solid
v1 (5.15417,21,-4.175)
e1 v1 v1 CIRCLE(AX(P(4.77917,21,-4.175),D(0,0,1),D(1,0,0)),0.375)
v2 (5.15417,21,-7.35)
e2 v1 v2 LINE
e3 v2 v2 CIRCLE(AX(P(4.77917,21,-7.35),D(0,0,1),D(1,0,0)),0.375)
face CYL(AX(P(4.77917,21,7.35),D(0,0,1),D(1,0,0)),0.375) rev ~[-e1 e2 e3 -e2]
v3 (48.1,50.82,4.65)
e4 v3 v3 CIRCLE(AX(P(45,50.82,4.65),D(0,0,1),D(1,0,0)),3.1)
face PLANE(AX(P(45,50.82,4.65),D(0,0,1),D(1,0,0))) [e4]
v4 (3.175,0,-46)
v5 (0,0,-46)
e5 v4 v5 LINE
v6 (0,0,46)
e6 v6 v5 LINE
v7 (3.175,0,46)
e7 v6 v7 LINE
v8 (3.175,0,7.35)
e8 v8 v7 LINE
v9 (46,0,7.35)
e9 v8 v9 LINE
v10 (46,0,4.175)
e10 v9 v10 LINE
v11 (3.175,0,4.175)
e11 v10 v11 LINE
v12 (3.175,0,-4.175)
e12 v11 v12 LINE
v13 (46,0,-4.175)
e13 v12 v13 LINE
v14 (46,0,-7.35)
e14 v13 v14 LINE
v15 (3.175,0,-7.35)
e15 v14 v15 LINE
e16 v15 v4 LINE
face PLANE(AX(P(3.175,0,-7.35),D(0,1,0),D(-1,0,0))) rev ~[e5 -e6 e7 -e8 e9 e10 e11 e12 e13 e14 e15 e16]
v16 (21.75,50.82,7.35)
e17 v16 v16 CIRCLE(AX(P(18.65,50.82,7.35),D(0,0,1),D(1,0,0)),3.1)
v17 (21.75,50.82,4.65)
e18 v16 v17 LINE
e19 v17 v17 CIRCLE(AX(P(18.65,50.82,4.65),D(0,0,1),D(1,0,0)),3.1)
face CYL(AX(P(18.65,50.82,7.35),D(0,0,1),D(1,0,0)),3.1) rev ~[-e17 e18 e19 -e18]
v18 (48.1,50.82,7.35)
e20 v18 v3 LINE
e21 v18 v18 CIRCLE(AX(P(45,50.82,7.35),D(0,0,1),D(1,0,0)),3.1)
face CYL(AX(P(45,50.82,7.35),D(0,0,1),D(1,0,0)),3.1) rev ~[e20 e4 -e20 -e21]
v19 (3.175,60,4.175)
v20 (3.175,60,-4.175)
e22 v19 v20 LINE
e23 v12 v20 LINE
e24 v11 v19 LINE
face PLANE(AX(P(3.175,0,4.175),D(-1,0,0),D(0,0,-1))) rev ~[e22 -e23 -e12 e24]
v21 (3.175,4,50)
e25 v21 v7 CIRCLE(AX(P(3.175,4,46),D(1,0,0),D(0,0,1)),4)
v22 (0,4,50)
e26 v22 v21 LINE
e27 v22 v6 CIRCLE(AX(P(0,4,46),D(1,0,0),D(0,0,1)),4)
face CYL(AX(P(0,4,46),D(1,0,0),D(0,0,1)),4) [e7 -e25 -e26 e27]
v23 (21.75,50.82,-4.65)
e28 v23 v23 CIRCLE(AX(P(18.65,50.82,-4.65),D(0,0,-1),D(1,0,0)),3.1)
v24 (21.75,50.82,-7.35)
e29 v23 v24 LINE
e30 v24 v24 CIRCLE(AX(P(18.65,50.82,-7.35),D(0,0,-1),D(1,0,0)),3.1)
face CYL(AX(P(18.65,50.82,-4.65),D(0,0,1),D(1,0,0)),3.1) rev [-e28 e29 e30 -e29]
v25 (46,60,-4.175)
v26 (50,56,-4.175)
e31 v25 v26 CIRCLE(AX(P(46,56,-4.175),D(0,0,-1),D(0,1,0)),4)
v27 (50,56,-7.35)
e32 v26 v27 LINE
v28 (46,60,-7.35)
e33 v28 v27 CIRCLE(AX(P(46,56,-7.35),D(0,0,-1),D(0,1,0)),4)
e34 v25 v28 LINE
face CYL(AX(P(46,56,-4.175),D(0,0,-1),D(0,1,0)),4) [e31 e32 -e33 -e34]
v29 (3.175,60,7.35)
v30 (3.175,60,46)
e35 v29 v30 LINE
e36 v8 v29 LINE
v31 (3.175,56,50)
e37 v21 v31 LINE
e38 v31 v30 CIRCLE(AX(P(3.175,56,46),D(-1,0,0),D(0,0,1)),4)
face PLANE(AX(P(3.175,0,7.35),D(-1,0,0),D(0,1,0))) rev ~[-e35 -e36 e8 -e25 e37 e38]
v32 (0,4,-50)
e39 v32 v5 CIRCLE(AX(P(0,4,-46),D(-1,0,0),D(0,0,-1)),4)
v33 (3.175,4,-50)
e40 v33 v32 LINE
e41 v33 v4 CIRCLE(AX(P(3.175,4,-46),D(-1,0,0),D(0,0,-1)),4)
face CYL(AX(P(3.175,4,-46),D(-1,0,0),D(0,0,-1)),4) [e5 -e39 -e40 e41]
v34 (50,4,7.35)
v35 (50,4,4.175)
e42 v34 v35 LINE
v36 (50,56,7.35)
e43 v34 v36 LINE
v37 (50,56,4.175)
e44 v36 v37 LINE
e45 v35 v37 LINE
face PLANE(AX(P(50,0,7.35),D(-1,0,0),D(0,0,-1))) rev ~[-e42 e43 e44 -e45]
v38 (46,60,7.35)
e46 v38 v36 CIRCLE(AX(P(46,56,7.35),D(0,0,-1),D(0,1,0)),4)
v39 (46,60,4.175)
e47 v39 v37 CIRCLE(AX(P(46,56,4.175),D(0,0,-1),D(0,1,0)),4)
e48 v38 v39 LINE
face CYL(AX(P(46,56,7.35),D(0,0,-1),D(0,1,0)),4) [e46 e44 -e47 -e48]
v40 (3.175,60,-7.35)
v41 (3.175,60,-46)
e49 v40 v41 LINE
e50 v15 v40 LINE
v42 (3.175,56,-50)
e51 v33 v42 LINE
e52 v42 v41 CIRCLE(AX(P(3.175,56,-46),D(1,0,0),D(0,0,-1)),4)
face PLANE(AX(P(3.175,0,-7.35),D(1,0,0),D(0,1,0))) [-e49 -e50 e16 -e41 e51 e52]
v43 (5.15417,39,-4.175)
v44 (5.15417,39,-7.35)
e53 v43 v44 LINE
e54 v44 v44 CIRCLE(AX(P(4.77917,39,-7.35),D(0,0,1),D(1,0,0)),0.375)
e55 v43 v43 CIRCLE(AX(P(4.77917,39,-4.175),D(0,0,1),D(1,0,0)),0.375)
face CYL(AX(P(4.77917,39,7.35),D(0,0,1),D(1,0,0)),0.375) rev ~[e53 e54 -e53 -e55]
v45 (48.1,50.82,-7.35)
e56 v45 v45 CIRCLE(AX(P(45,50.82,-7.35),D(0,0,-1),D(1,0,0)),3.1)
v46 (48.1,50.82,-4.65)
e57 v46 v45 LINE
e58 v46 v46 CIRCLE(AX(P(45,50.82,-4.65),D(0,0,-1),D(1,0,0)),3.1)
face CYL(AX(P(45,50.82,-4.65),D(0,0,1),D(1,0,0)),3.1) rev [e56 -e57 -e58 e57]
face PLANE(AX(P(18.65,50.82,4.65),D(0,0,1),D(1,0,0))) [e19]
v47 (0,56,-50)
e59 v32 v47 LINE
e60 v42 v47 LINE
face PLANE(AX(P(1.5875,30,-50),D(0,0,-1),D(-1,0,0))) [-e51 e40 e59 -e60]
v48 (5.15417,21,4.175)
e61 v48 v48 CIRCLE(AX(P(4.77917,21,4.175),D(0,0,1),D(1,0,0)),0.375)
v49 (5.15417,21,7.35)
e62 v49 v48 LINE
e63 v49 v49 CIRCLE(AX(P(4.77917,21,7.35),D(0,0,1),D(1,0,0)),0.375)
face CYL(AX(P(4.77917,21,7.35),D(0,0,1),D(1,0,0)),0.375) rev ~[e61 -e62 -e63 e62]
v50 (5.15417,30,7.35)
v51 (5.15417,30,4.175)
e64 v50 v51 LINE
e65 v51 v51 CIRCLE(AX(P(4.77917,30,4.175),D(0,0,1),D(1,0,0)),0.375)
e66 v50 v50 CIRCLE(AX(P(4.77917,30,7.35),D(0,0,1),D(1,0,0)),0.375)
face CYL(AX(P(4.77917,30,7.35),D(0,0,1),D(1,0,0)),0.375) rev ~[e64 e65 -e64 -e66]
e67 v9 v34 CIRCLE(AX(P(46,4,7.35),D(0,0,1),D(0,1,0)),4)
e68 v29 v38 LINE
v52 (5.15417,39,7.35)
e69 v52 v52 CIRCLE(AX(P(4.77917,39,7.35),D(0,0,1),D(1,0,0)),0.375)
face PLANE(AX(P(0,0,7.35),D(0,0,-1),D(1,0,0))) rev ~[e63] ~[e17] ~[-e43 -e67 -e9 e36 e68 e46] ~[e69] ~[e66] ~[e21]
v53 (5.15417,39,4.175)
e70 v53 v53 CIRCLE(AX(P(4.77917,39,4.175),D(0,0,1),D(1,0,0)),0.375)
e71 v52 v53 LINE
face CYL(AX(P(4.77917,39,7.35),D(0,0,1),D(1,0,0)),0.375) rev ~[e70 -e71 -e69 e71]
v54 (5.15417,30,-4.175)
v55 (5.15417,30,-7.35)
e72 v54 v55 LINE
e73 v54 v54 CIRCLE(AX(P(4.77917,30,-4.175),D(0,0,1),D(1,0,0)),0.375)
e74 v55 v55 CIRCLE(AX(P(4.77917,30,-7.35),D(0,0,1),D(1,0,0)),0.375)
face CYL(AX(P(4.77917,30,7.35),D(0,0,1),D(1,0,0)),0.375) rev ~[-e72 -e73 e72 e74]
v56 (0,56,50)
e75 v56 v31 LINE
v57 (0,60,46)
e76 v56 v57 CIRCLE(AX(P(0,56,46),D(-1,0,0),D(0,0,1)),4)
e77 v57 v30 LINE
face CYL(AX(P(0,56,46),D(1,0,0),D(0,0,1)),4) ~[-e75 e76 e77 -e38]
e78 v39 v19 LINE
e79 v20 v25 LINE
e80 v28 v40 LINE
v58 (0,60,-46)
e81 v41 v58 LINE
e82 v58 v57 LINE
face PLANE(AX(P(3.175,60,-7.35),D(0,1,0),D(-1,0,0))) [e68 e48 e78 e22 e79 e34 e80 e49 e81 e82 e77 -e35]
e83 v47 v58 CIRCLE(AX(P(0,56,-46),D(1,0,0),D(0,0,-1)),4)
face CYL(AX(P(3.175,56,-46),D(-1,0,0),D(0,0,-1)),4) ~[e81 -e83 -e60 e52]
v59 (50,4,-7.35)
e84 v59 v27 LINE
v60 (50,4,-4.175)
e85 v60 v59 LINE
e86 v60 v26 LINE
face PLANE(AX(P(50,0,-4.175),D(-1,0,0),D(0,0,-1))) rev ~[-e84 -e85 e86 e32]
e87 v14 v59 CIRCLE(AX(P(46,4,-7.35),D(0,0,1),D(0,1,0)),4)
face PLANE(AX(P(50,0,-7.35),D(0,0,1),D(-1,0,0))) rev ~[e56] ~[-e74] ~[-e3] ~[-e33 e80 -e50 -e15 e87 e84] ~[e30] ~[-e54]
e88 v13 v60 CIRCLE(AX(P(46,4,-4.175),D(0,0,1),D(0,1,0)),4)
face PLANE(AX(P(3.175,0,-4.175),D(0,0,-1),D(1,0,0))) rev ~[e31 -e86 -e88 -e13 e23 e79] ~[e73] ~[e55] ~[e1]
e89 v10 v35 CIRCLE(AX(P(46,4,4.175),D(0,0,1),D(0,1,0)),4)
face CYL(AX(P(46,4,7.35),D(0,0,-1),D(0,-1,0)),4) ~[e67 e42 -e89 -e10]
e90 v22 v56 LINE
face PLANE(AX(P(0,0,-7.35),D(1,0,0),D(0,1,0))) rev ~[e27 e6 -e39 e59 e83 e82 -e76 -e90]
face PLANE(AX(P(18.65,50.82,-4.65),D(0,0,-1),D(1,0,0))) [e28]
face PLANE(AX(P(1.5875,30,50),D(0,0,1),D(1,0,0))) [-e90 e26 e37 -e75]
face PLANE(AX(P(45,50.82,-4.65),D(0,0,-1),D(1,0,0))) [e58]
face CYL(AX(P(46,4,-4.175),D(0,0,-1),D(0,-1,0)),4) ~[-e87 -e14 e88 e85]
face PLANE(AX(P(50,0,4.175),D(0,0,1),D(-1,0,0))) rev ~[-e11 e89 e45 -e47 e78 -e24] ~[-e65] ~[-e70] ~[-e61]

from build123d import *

# Parameters (mm, degrees)
BOSS_EXTRUDE1_DEPTH = 60
SKETCH3_R           = 3.1
CUT_EXTRUDE1_DEPTH  = 2.7
CUT_EXTRUDE2_START  = -2.7
SKETCH4_R           = 3.1
CUT_EXTRUDE2_DEPTH  = 2.7
FILLET1_R           = 4
CUT_EXTRUDE3_REACH  = 81.474
SKETCH5_R           = 0.375
SKETCH6_W           = 3.175
SKETCH6_H           = 60
BOSS_EXTRUDE2_DEPTH = 42.65
SKETCH7_W           = 3.175
SKETCH7_H           = 60
BOSS_EXTRUDE3_DEPTH = 42.65
FILLET2_R           = 4


with BuildPart() as part:
    # Sketch1 → Boss-Extrude1 (new body)
    with BuildSketch(Plane(origin=(0, 0, 0), x_dir=(1, 0, 0), z_dir=(0, 1, 0))):
        Polygon((0, 7.35), (0, -7.35), (50, -7.35), (50, -4.175), (3.175, -4.175), (3.175, 4.175), (50, 4.175), (50, 7.35), align=None)
    extrude(amount=BOSS_EXTRUDE1_DEPTH)

    # Sketch3 → Cut-Extrude1 (cut)
    with BuildSketch(Plane.XY.offset(7.35)):
        with Locations((45, 50.82)):
            Circle(SKETCH3_R)
        with Locations((18.65, 50.82)):
            Circle(SKETCH3_R)
    extrude(amount=-CUT_EXTRUDE1_DEPTH, mode=Mode.SUBTRACT)

    # Sketch4 → Cut-Extrude2 (cut)
    with BuildSketch(Plane(origin=(0, 0, -7.35), x_dir=(-1, 0, 0), z_dir=(0, 0, -1)).offset(CUT_EXTRUDE2_START)):
        with Locations(Location((-45, 50.82, 0), (0, 0, 180))):
            Circle(SKETCH4_R)
        with Locations(Location((-18.65, 50.82, 0), (0, 0, 180))):
            Circle(SKETCH4_R)
    extrude(amount=CUT_EXTRUDE2_DEPTH, mode=Mode.SUBTRACT)

    # Fillet1
    fillet1_edges = [part.edges().sort_by_distance(p)[0] for p in [
        (50, 0, 5.7625),
        (50, 60, -5.7625),
        (50, 60, 5.7625),
        (50, 0, -5.7625),
    ]]
    fillet(fillet1_edges, radius=FILLET1_R)

    # Cut-Extrude3: up to this face of the body (flat: up to its plane)
    cut_extrude3_end = Plane(part.part.faces().sort_by_distance((24.80303516, 29.571344164, -7.35))[0])
    # Sketch5 → Cut-Extrude3 (cut, up to the picked face)
    with BuildSketch(Plane.XY.offset(7.35), mode=Mode.PRIVATE) as cut_extrude3_sk1:
        with Locations((4.779169586, 21)):
            Circle(SKETCH5_R)
    cut_extrude3_tool1 = split(extrude(cut_extrude3_sk1.sketch, amount=-CUT_EXTRUDE3_REACH, mode=Mode.PRIVATE), bisect_by=cut_extrude3_end, keep=Keep.BOTH, mode=Mode.PRIVATE)
    # Sketch5 → Cut-Extrude3 (cut, up to the picked face)
    with BuildSketch(Plane.XY.offset(7.35), mode=Mode.PRIVATE) as cut_extrude3_sk2:
        with Locations((4.779169586, 39)):
            Circle(SKETCH5_R)
    cut_extrude3_tool2 = split(extrude(cut_extrude3_sk2.sketch, amount=-CUT_EXTRUDE3_REACH, mode=Mode.PRIVATE), bisect_by=cut_extrude3_end, keep=Keep.BOTH, mode=Mode.PRIVATE)
    # Sketch5 → Cut-Extrude3 (cut, up to the picked face)
    with BuildSketch(Plane.XY.offset(7.35), mode=Mode.PRIVATE) as cut_extrude3_sk3:
        with Locations((4.779169586, 30)):
            Circle(SKETCH5_R)
    cut_extrude3_tool3 = split(extrude(cut_extrude3_sk3.sketch, amount=-CUT_EXTRUDE3_REACH, mode=Mode.PRIVATE), bisect_by=cut_extrude3_end, keep=Keep.BOTH, mode=Mode.PRIVATE)
    add(cut_extrude3_tool1.solids().sort_by(Axis((4.77917, 21, 7.35), (0, 0, -1)))[0], mode=Mode.SUBTRACT)
    add(cut_extrude3_tool2.solids().sort_by(Axis((4.77917, 39, 7.35), (0, 0, -1)))[0], mode=Mode.SUBTRACT)
    add(cut_extrude3_tool3.solids().sort_by(Axis((4.77917, 30, 7.35), (0, 0, -1)))[0], mode=Mode.SUBTRACT)

    # Sketch6 → Boss-Extrude2 (add)
    with BuildSketch(Plane.XY.offset(7.35)):
        with Locations((1.5875, 30)):
            Rectangle(SKETCH6_W, SKETCH6_H)
    extrude(amount=BOSS_EXTRUDE2_DEPTH)

    # Sketch7 → Boss-Extrude3 (add)
    with BuildSketch(Plane(origin=(0, 0, -7.35), x_dir=(-1, 0, 0), z_dir=(0, 0, -1))):
        with Locations((-1.5875, 30)):
            Rectangle(SKETCH7_W, SKETCH7_H)
    extrude(amount=BOSS_EXTRUDE3_DEPTH)

    # Fillet2
    fillet2_edges = [part.edges().sort_by_distance(p)[0] for p in [
        (1.5875, 60, -50),
        (1.5875, 0, -50),
        (1.5875, 0, 50),
        (1.5875, 60, 50),
    ]]
    fillet(fillet2_edges, radius=FILLET2_R)


solid = part.part
